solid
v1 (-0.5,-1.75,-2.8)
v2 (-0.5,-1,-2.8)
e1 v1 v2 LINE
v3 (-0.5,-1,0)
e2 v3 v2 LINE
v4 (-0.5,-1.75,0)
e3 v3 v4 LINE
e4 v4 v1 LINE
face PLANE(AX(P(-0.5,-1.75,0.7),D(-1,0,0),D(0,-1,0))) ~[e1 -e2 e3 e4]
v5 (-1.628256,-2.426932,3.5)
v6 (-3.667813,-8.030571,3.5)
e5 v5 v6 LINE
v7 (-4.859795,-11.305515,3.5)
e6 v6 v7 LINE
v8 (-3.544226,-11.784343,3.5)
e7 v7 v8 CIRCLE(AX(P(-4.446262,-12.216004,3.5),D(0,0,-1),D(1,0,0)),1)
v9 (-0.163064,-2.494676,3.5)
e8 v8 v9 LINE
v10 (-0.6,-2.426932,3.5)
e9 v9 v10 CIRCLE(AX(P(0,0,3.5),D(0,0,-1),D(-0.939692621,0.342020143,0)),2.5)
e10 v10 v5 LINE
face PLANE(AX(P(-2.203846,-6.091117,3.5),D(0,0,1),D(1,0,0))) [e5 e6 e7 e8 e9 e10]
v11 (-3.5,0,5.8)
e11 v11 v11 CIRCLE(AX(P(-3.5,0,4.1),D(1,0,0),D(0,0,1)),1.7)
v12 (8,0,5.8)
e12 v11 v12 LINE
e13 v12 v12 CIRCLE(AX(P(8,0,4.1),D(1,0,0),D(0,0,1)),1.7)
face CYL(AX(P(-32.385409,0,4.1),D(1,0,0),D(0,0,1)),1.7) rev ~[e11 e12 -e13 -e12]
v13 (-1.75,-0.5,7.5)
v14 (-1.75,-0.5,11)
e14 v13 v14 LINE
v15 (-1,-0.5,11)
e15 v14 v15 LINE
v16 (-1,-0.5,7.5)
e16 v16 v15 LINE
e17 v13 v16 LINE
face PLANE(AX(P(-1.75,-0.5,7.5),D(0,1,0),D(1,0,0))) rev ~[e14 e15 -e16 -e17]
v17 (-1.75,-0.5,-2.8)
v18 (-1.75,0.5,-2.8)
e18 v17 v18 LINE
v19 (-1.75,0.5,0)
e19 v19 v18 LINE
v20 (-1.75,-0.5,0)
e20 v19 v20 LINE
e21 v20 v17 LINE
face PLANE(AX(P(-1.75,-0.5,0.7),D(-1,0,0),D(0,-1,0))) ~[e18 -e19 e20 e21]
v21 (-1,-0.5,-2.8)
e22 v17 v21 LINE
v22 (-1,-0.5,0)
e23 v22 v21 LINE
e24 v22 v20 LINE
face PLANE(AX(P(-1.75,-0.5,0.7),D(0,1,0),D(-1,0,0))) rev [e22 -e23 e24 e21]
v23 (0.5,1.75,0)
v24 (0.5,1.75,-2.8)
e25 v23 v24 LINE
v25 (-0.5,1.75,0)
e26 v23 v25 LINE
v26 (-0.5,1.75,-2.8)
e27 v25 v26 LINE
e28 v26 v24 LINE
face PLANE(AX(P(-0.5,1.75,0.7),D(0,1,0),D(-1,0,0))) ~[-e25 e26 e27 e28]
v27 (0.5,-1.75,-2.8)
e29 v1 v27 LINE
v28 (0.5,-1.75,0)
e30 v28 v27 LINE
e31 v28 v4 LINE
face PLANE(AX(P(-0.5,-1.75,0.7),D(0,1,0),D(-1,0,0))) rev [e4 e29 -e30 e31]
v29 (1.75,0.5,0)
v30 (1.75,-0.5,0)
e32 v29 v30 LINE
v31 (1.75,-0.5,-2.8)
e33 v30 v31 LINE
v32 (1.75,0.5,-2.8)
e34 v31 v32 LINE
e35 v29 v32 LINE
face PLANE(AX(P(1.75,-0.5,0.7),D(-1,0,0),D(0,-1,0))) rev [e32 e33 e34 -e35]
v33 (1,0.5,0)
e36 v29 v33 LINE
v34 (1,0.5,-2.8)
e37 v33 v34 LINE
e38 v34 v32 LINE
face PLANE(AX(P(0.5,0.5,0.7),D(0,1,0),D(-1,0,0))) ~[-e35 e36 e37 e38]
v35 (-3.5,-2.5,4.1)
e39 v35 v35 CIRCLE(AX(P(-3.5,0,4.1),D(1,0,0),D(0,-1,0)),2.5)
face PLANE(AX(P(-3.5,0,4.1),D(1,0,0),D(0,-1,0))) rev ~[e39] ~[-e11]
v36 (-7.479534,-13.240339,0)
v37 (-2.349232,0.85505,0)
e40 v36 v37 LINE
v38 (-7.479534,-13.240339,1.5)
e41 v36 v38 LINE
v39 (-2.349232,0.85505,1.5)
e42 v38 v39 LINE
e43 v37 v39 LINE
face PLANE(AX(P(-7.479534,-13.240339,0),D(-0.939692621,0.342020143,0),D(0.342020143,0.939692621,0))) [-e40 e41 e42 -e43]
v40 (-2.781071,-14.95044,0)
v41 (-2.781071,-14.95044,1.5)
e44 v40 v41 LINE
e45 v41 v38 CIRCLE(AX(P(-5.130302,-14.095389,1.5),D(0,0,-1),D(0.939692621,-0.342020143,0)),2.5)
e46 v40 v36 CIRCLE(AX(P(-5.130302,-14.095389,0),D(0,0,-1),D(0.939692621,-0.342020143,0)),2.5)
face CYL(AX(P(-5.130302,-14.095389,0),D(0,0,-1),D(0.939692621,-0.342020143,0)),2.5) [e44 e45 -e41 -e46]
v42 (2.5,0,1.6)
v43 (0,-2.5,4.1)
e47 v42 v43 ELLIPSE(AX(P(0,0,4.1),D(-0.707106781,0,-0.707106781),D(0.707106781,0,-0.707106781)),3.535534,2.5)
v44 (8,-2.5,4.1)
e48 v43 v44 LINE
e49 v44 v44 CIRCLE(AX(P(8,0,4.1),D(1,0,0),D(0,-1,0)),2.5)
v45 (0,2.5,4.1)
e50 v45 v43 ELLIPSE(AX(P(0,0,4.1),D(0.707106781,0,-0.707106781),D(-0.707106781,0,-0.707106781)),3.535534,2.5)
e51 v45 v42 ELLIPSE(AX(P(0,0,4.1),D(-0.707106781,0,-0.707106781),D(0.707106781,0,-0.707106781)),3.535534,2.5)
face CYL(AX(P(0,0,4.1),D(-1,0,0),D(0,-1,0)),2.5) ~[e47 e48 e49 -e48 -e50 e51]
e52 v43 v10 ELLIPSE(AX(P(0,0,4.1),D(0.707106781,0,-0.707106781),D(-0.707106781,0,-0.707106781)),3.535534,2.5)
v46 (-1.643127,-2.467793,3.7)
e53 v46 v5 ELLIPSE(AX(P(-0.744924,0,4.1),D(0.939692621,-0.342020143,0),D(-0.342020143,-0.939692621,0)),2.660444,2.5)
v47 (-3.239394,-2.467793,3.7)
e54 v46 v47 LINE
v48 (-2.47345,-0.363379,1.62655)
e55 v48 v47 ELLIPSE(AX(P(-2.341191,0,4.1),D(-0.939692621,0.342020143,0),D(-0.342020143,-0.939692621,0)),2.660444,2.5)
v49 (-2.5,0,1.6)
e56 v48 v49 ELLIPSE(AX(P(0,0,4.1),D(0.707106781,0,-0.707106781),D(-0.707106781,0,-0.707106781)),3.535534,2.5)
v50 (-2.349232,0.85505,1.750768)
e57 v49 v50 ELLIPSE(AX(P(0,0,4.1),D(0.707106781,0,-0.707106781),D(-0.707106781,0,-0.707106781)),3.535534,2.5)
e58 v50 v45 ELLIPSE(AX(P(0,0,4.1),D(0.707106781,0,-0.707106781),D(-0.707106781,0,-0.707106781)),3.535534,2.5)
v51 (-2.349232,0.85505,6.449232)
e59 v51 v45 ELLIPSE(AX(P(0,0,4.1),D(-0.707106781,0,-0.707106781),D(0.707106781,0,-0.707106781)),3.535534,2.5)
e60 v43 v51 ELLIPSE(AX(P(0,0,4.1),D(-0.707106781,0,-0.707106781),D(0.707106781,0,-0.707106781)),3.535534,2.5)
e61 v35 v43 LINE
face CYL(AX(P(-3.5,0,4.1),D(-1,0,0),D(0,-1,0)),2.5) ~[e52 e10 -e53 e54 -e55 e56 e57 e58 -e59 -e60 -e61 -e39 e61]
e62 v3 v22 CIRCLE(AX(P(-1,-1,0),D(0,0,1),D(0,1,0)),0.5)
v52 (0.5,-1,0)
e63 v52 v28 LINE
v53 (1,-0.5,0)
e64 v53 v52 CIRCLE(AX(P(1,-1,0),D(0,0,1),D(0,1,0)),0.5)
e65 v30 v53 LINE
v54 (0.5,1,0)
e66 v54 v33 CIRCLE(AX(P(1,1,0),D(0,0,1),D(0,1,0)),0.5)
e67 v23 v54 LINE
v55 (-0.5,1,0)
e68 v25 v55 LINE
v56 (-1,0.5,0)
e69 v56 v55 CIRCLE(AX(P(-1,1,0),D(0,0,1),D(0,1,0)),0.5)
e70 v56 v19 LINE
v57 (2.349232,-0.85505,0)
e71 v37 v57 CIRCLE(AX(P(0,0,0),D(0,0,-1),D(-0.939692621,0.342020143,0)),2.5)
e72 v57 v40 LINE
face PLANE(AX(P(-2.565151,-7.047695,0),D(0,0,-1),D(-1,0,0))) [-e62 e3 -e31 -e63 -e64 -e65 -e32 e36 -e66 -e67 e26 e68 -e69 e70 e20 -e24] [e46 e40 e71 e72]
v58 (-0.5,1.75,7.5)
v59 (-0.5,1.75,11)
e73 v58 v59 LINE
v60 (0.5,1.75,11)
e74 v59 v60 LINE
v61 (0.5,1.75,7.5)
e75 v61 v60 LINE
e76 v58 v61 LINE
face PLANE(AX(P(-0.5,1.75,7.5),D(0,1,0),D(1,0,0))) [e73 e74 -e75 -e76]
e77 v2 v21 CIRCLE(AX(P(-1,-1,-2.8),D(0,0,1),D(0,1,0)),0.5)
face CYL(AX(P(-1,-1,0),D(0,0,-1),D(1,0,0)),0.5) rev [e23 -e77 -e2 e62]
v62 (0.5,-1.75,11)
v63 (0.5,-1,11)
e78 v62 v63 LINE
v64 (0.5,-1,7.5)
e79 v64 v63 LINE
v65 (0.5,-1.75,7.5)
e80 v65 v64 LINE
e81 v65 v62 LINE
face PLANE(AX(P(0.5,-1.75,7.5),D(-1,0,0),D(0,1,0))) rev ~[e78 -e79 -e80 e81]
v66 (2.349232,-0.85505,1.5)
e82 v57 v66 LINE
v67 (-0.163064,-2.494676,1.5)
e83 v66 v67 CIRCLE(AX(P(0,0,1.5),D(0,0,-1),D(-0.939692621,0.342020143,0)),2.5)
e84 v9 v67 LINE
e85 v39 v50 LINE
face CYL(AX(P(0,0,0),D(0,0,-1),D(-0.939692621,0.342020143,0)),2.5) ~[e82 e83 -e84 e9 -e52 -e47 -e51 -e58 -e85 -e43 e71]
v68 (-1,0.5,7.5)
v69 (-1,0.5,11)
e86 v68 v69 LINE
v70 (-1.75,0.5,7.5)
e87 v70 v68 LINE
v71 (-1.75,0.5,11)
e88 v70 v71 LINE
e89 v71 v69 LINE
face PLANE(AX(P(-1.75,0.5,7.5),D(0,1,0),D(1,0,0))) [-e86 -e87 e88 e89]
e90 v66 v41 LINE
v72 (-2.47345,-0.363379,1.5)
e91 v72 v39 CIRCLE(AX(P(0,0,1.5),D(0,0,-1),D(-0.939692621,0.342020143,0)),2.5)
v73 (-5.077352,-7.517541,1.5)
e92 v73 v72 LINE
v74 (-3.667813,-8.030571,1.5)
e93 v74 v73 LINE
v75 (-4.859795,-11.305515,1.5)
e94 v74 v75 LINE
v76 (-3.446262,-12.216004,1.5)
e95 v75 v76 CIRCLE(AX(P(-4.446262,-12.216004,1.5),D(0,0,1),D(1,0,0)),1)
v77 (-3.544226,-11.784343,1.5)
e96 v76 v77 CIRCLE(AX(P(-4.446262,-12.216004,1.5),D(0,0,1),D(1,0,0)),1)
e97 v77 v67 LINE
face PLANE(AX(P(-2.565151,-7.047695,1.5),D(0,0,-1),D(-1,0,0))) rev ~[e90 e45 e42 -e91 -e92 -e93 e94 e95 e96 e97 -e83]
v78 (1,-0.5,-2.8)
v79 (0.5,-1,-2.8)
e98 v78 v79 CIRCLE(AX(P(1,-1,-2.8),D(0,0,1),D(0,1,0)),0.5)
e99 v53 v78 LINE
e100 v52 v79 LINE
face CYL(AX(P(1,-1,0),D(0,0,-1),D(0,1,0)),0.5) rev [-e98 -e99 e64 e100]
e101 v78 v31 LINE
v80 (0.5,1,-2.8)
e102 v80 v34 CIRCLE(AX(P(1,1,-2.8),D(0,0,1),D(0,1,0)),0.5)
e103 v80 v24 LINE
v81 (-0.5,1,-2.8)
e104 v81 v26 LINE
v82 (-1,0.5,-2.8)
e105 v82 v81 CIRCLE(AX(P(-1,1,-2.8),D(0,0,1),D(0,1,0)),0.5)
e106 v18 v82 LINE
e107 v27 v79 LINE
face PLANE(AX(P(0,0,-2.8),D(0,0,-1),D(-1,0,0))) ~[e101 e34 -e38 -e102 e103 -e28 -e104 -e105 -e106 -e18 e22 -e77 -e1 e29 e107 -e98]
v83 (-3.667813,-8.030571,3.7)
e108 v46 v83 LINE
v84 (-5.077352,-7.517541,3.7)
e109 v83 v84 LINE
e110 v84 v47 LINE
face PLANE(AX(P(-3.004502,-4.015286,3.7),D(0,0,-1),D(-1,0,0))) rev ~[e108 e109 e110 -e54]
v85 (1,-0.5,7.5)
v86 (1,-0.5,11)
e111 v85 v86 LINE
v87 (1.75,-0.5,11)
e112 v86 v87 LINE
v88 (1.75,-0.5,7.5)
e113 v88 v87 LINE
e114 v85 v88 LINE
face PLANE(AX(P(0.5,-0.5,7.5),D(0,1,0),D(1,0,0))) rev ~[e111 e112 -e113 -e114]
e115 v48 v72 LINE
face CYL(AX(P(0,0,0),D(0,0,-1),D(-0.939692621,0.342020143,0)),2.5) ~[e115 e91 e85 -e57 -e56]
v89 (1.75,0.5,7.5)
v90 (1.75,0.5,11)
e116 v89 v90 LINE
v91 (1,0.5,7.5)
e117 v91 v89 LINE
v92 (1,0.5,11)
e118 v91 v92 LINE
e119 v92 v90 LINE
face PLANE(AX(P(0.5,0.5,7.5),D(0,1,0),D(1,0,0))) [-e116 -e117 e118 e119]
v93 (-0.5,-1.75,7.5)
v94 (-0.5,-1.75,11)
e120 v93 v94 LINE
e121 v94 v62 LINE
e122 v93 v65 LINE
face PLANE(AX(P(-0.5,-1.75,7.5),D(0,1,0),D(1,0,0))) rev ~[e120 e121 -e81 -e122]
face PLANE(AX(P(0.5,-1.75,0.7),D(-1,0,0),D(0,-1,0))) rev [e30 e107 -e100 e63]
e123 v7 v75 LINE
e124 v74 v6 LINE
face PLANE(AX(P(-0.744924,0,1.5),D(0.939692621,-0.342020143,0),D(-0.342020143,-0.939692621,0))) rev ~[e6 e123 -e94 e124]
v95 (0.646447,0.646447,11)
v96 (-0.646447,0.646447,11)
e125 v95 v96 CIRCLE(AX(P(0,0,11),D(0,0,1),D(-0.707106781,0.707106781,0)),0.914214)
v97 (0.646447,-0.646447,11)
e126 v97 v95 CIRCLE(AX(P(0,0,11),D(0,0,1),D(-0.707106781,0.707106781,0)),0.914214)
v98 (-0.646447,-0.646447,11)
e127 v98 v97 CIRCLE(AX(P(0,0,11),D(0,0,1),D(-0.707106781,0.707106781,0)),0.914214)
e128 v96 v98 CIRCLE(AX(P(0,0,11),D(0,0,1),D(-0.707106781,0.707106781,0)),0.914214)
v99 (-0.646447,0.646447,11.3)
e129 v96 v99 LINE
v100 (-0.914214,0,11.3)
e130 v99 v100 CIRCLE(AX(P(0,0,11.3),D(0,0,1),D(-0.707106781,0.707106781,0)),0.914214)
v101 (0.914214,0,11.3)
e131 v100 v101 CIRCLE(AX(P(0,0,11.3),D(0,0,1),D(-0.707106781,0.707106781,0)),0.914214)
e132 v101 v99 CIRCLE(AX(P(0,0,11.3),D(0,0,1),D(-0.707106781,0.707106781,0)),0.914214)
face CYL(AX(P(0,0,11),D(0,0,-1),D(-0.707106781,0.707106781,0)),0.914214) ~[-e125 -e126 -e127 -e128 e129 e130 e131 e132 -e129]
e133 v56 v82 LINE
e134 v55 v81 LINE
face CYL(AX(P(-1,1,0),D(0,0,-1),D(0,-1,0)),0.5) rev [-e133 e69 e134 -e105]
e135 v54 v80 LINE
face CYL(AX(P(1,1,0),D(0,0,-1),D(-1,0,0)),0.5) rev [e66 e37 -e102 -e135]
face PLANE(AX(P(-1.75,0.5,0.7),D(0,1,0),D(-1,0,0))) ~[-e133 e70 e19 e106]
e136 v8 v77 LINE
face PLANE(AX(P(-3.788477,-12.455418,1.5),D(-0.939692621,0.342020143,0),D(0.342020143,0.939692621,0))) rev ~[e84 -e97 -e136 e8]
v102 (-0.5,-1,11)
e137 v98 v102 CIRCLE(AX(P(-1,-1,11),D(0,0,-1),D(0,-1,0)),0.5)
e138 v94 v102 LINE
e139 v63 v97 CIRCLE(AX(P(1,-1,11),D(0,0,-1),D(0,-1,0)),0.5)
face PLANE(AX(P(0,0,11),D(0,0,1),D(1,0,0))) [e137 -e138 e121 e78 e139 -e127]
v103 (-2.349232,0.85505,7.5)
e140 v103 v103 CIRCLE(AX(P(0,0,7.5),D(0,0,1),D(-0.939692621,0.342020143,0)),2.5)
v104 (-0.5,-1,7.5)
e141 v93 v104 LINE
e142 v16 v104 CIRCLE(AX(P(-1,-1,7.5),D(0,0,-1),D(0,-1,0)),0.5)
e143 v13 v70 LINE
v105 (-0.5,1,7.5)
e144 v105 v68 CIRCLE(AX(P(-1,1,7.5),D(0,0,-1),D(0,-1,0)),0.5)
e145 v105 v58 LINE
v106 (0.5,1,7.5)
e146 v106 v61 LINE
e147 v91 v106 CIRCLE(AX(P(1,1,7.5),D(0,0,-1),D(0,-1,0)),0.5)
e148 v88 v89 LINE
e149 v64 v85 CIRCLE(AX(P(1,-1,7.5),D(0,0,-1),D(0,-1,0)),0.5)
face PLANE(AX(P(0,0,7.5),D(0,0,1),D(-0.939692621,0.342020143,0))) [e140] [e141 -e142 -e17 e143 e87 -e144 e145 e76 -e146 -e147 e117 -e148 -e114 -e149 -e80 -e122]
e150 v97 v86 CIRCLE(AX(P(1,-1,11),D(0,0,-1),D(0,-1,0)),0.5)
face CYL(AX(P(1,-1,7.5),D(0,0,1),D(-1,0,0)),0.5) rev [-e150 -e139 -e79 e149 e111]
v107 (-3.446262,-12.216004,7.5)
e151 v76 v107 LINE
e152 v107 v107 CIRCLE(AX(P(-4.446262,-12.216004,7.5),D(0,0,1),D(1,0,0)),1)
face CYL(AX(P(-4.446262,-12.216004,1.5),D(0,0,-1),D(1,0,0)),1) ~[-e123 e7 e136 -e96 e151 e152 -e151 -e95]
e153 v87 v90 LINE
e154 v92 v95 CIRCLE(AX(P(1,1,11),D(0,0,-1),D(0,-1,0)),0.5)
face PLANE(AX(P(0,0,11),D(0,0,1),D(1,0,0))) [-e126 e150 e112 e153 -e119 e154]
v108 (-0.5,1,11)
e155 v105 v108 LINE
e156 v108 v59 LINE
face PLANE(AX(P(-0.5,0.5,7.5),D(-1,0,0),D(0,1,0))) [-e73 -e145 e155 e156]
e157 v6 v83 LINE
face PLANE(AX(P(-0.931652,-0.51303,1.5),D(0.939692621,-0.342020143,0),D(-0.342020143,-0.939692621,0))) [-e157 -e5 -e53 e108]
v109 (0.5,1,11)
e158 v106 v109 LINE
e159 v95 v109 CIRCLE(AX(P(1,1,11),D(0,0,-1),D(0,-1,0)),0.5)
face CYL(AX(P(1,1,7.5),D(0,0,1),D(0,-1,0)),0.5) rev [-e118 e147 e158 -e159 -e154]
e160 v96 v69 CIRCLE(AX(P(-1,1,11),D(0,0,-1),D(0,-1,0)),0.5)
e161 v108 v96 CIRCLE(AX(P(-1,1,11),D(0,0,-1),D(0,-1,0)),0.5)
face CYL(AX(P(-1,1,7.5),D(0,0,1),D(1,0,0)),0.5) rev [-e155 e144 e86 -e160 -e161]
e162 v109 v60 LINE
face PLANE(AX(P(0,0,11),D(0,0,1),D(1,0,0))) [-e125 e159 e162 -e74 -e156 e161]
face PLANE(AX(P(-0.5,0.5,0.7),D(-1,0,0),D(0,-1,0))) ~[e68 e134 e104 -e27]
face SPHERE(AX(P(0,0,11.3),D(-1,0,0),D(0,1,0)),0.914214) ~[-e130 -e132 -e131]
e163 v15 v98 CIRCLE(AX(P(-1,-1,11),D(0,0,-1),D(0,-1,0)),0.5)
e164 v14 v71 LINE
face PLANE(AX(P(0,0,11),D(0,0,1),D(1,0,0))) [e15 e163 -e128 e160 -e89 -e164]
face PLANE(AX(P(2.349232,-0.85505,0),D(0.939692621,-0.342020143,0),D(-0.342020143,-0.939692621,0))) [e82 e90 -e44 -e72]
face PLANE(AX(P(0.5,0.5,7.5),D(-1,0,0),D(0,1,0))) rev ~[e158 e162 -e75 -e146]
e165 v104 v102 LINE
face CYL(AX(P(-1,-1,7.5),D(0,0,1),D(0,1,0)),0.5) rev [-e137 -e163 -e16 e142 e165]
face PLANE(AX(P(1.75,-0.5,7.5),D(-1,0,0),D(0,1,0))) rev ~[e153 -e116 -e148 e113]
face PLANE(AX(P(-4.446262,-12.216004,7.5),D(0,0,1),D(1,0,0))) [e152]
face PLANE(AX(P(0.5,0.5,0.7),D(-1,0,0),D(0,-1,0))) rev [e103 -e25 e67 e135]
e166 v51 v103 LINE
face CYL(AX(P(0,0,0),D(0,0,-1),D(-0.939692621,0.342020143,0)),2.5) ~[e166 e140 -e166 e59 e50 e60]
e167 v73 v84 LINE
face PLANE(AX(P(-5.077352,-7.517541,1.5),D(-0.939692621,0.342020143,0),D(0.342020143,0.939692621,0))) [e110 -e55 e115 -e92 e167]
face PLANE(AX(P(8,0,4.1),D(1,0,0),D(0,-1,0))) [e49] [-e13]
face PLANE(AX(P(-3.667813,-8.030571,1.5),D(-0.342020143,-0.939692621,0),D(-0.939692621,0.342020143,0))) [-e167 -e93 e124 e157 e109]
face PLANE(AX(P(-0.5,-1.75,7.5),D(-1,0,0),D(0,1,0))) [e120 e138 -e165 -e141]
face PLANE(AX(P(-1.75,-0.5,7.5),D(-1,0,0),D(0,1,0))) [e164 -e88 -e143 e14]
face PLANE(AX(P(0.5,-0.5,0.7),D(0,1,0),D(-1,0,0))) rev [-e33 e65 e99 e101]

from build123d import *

# Parameters (mm, degrees)
ESTRUSIONE_ESTRUSIONE1_DEPTH  = 1.5
SCHIZZO2_R                    = 2.5
ESTRUSIONE_ESTRUSIONE2_DEPTH  = 7.5
SCHIZZO3_R                    = 1
ESTRUSIONE_ESTRUSIONE3_DEPTH  = 6
SCHIZZO4_R                    = 2.5
ESTRUSIONE_ESTRUSIONE8_DEPTH  = 8
ESTRUSIONE_ESTRUSIONE16_START = -3.5
SCHIZZO5_R                    = 2.5
ESTRUSIONE_ESTRUSIONE16_DEPTH = 3.5
SCHIZZO7_W                    = 1
SCHIZZO7_H                    = 3.5
SCHIZZO7_W_2                  = 3.5
SCHIZZO7_H_2                  = 1
ESTRUSIONE_SOTTILE1_DEPTH     = 3.5
RACCORDO1_R                   = 0.5
RACCORDO1_OF_SPECCHIA6_R      = 0.5
SCHIZZO10_R                   = 0.914213562
ESTRUSIONE_ESTRUSIONE17_DEPTH = 0.3
ESTRUSIONE_ESTRUSIONE18_DEPTH = 2.2
ESTRUSIONE_ESTRUSIONE19_DEPTH = 2
FORO_PER_VITE_M3_1_D          = 3.4


with BuildPart() as part:
    # Schizzo1 → Estrusione-Estrusione1 (new body)
    with BuildSketch(Plane.XY):
        with BuildLine():
            Line((2.349231552, -0.855050358), (-2.781070598, -14.95043967))
            ThreePointArc((-2.781070598, -14.95043967), (-5.985352508, -16.444620864), (-7.479533702, -13.240338953))
            Line((-7.479533702, -13.240338953), (-2.349231552, 0.855050358))
            ThreePointArc((-2.349231552, 0.855050358), (0.855050358, 2.349231552), (2.349231552, -0.855050358))
        make_face()
    extrude(amount=ESTRUSIONE_ESTRUSIONE1_DEPTH)

    # Schizzo2 → Estrusione-Estrusione2 (add)
    with BuildSketch(Plane.XY):
        with Locations(Location((0, 0, 0), (0, 0, 160))):
            Circle(SCHIZZO2_R)
    extrude(amount=ESTRUSIONE_ESTRUSIONE2_DEPTH)

    # Schizzo3 → Estrusione-Estrusione3 (add)
    with BuildSketch(Plane.XY.offset(1.5)):
        with Locations((-4.446261863, -12.21600407)):
            Circle(SCHIZZO3_R)
    extrude(amount=ESTRUSIONE_ESTRUSIONE3_DEPTH)

    # Schizzo4 → Estrusione-Estrusione8 (add)
    with BuildSketch(Plane(origin=(0, 0, 0), x_dir=(0, 0, -1), z_dir=(1, 0, 0))):
        with Locations(Location((-4.1, 0, 0), (0, 0, 270))):
            Circle(SCHIZZO4_R)
    extrude(amount=ESTRUSIONE_ESTRUSIONE8_DEPTH)

    # Schizzo5 → Estrusione-Estrusione16 (add)
    with BuildSketch(Plane(origin=(0, 0, 0), x_dir=(0, 0, -1), z_dir=(1, 0, 0)).offset(ESTRUSIONE_ESTRUSIONE16_START)):
        with Locations(Location((-4.1, 0, 0), (0, 0, 270))):
            Circle(SCHIZZO5_R)
    extrude(amount=ESTRUSIONE_ESTRUSIONE16_DEPTH)

    # Schizzo7 → Estrusione-Sottile1 (add)
    with BuildSketch(Plane.XY.offset(7.5)):
        Rectangle(SCHIZZO7_W, SCHIZZO7_H)
        Rectangle(SCHIZZO7_W_2, SCHIZZO7_H_2)
    estrusione_sottile1 = extrude(amount=ESTRUSIONE_SOTTILE1_DEPTH)

    # Raccordo1
    raccordo1_edges = [part.edges().sort_by_distance(p)[0] for p in [
        (-0.5, 0.5, 9.25),
        (0.5, -0.5, 9.25),
        (-0.5, -0.5, 9.25),
        (0.5, 0.5, 9.25),
    ]]
    fillet(raccordo1_edges, radius=RACCORDO1_R)

    # Specchia6: Estrusione-Sottile1 across plane
    add(estrusione_sottile1.mirror(Plane.XY.offset(4.1)))

    # Raccordo1 of Specchia6
    raccordo1_of_specchia6_edges = [part.edges().sort_by_distance(p)[0] for p in [
        (-0.5, 0.5, -1.05),
        (0.5, -0.5, -1.05),
        (-0.5, -0.5, -1.05),
        (0.5, 0.5, -1.05),
    ]]
    fillet(raccordo1_of_specchia6_edges, radius=RACCORDO1_OF_SPECCHIA6_R)

    # Schizzo10 → Estrusione-Estrusione17 (add)
    with BuildSketch(Plane.XY.offset(11)):
        with Locations(Location((0, 0, 0), (0, 0, 135))):
            Circle(SCHIZZO10_R)
    extrude(amount=ESTRUSIONE_ESTRUSIONE17_DEPTH)

    # Schizzo11 → Rivoluzione2 (revolve)
    with BuildSketch(Plane.XY.offset(11.3)):
        with BuildLine():
            Line((-0.914213562, 0), (0.914213562, 0))
            ThreePointArc((0.914213562, 0), (0, 0.914213562), (-0.914213562, 0))
        make_face()
    revolve(axis=Axis((-0.914213562, 0, 11.3), (1, 0, 0)))

    # Schizzo12 → Estrusione-Estrusione18 (add)
    with BuildSketch(Plane.XY.offset(1.5)):
        Polygon((-5.077352246, -7.517540966), (-2.341191099, 0), (-0.931652168, -0.513030215), (-3.667813315, -8.030571181), align=None)
    extrude(amount=ESTRUSIONE_ESTRUSIONE18_DEPTH)

    # Schizzo13 → Estrusione-Estrusione19 (add)
    with BuildSketch(Plane.XY.offset(1.5)):
        Polygon((-3.788477029, -12.455418171), (0.744924441, 0), (-0.744924441, 0), (-5.104046698, -11.97658997), align=None)
    extrude(amount=ESTRUSIONE_ESTRUSIONE19_DEPTH)

    # Foro per Vite M3-1 (through all)
    with Locations(Plane(origin=(-3.5, 0, 4.1), x_dir=(0, 0, -1), z_dir=(-1, 0, 0))):
        with Locations((0, 0)):
            Hole(FORO_PER_VITE_M3_1_D / 2)


solid = part.part
